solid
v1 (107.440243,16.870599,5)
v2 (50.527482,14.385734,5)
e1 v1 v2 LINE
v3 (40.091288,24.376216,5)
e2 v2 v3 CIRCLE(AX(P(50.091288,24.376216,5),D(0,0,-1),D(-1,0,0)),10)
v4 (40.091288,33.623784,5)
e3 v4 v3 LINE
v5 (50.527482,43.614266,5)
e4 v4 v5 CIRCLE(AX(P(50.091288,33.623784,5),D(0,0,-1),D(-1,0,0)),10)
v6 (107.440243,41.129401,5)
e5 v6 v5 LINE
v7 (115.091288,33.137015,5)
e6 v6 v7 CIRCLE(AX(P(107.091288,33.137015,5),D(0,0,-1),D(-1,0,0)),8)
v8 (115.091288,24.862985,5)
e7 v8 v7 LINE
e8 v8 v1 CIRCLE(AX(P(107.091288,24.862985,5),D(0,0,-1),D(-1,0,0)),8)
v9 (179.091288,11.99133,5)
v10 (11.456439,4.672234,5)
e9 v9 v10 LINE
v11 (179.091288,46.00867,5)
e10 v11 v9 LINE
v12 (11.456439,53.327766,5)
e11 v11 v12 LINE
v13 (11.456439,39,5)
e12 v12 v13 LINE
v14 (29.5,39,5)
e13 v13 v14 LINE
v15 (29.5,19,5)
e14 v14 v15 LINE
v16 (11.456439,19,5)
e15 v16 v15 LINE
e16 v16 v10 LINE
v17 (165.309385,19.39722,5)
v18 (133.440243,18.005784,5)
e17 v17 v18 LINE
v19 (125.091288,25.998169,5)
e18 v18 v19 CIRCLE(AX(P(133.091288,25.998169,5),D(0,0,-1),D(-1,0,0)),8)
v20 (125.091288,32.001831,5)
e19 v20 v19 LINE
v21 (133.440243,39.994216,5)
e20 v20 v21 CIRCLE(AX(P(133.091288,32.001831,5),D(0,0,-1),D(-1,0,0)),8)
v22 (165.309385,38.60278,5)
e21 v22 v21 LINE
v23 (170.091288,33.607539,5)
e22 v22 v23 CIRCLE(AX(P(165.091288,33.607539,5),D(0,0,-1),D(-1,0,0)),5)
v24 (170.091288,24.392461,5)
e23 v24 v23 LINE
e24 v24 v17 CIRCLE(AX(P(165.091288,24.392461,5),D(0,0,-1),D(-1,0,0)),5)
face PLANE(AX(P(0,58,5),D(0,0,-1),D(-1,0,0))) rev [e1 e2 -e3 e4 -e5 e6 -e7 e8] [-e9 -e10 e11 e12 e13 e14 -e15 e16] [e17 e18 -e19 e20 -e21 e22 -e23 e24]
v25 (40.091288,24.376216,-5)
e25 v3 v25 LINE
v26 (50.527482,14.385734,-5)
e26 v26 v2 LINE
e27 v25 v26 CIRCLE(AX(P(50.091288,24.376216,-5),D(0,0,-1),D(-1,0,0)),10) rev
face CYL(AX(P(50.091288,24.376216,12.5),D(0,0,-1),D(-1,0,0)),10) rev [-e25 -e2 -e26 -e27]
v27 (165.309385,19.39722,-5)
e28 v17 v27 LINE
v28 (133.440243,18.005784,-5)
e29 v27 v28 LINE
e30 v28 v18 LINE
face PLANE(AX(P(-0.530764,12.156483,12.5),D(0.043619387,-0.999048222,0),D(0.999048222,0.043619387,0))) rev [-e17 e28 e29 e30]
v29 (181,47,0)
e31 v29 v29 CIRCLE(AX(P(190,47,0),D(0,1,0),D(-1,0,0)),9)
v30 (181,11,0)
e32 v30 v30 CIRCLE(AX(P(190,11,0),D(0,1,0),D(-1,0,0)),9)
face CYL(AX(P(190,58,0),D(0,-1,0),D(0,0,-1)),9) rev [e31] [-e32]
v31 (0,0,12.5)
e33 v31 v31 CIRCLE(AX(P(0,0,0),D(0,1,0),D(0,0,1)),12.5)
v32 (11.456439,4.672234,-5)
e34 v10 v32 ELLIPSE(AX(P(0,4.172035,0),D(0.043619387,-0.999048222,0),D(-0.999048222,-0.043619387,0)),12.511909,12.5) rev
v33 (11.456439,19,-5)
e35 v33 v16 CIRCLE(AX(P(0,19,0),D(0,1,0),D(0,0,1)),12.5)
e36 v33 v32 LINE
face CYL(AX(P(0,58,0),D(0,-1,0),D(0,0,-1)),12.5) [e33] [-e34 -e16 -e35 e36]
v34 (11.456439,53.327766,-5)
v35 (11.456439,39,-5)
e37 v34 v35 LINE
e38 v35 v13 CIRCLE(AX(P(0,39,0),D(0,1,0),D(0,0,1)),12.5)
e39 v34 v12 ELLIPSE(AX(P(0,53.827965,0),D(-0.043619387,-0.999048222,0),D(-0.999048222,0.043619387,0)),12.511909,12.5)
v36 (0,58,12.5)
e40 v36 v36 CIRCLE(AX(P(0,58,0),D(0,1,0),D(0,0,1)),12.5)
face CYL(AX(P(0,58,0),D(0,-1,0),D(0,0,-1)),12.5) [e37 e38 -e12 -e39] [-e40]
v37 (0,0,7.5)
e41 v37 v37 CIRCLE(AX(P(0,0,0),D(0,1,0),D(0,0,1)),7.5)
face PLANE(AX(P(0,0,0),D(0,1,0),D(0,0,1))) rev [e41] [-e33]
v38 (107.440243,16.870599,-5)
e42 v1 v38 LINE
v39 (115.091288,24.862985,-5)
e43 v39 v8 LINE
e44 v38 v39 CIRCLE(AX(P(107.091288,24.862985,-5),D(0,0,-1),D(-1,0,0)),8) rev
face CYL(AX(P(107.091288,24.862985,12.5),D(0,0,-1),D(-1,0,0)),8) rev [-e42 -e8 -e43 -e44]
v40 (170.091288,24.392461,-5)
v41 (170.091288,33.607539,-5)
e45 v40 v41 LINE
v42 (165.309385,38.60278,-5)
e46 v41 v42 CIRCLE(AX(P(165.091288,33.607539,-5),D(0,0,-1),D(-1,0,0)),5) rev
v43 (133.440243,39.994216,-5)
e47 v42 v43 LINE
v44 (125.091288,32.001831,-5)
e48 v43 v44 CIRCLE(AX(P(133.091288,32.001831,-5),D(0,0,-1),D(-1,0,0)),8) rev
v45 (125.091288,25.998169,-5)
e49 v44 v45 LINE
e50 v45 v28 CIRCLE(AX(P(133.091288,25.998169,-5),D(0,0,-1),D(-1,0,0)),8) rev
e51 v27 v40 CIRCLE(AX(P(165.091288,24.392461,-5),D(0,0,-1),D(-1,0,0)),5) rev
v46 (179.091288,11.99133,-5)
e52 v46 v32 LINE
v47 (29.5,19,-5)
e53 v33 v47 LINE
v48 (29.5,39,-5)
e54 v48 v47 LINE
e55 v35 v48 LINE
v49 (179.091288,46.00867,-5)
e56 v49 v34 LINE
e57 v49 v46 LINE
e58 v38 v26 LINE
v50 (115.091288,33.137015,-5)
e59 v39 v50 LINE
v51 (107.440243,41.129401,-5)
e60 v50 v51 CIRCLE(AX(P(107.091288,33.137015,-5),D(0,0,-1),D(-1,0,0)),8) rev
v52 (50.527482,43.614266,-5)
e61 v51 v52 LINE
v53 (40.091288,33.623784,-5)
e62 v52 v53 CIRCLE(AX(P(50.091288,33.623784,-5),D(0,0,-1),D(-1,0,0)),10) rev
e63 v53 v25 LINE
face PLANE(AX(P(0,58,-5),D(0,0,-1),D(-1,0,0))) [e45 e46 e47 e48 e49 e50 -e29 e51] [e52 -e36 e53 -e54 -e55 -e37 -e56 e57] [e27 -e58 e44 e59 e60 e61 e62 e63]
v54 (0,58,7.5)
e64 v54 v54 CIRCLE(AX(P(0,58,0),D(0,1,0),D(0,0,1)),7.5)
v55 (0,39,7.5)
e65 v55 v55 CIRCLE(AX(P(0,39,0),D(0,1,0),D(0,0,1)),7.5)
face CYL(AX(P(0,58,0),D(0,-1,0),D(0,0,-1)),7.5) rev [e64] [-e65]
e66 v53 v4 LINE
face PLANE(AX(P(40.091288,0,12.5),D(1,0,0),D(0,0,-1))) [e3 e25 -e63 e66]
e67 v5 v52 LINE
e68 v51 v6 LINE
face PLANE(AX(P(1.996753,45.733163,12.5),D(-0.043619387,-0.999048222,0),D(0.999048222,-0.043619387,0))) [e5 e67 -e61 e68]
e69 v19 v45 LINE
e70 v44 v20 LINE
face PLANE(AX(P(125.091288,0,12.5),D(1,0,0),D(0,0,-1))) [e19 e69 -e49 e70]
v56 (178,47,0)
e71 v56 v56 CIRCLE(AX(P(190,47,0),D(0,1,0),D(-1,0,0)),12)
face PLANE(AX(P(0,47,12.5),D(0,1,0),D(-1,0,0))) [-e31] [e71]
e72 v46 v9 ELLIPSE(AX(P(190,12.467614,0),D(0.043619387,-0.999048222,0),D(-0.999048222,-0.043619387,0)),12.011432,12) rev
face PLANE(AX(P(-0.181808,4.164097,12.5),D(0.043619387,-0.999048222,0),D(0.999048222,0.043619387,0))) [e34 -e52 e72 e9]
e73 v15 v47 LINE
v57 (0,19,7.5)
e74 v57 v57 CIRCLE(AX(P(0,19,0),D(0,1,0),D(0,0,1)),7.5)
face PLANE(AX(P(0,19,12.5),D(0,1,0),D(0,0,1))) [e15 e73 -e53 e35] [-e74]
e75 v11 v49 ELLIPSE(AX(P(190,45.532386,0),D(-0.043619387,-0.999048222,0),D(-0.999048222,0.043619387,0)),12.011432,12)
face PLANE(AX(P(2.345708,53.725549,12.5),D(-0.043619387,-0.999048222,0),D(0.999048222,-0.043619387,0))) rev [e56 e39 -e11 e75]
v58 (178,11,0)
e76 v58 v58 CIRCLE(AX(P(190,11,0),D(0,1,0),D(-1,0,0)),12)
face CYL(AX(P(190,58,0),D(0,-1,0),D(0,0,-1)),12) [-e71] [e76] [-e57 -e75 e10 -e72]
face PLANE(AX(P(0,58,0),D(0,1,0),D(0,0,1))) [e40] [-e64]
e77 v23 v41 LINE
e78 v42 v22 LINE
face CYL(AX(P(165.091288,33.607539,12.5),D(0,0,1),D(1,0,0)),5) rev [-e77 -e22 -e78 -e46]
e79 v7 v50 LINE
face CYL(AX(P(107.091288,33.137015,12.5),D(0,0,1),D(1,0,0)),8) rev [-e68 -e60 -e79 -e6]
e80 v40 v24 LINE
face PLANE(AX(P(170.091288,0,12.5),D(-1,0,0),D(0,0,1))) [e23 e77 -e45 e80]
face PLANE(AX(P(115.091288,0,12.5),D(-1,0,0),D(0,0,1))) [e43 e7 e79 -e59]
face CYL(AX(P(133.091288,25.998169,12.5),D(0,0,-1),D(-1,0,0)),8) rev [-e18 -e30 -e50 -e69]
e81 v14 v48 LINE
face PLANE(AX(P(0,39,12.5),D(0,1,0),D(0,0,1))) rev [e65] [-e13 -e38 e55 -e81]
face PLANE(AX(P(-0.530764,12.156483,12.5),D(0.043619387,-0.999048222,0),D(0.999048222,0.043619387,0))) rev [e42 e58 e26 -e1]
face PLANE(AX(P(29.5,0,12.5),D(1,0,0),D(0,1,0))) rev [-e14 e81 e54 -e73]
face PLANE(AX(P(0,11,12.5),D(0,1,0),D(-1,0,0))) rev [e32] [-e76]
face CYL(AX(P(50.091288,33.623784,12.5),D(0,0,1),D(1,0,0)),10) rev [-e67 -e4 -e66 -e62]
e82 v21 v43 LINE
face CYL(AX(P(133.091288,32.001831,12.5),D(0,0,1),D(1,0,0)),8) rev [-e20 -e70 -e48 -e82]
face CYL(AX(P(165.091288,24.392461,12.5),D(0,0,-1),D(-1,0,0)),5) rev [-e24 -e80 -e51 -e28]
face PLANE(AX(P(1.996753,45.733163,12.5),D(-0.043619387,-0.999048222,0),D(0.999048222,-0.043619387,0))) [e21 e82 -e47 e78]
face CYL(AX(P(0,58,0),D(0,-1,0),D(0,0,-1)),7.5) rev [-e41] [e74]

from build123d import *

# Parameters (mm, degrees)
SKETCH1_R               = 12.5
SKETCH1_R_2             = 7.5
SKETCH1_R_3             = 12
SKETCH1_R_4             = 9
SKETCH1_W               = 167.634848648
SKETCH1_H               = 10
BOSS_EXTRUDE1_DEPTH     = 58
SKETCH2_W               = 22.908712115
SKETCH2_H               = 11
SKETCH2_W_2             = 18.043560763
SKETCH2_H_2             = 20
SKETCH2_W_3             = 23.956439237
CUT_EXTRUDE1_DEPTH      = 8.5
CUT_EXTRUDE1_DEPTH_BACK = 18.5
BOSS_EXTRUDE2_START     = -0.99133
BOSS_EXTRUDE2_DEPTH     = 0.99133
BOSS_EXTRUDE3_START     = -4.717797
BOSS_EXTRUDE3_DEPTH     = 4.717797
FILLET1_R               = 5
FILLET2_R               = 8
FILLET3_R               = 10


with BuildPart() as part:
    # Sketch1 → Boss-Extrude1 (new body)
    with BuildSketch(Plane(origin=(0, 0, 0), x_dir=(1, 0, 0), z_dir=(0, 1, 0))):
        Circle(SKETCH1_R)
        Circle(SKETCH1_R_2, mode=Mode.SUBTRACT)
        with Locations((190, 0)):
            Circle(SKETCH1_R_3)
        with Locations((190, 0)):
            Circle(SKETCH1_R_4, mode=Mode.SUBTRACT)
        with Locations((95.273863561, 0)):
            Rectangle(SKETCH1_W, SKETCH1_H)
    extrude(amount=BOSS_EXTRUDE1_DEPTH)

    # Sketch2 → Cut-Extrude1 (cut, two sides)
    with BuildSketch(Plane(origin=(0, 0, -5), x_dir=(-1, 0, 0), z_dir=(0, 0, -1))) as cut_extrude1_sk:
        with Locations((-190.545643943, 52.5)):
            Rectangle(SKETCH2_W, SKETCH2_H)
        Polygon((-179.091287885, 47), (-179.091287885, 46.00867027), (-11.456439237, 53.327765826), (-11.456439237, 58), (-179.091287885, 58), align=None)
        with Locations((-190.545643943, 5.5)):
            Rectangle(SKETCH2_W, SKETCH2_H)
        Polygon((-179.091287885, 11.99132973), (-179.091287885, 11), (-179.091287885, 0), (-11.456439237, 0), (-11.456439237, 4.672234174), align=None)
        Polygon((-170.091287885, 19.606002726), (-170.091287885, 38.393997274), (-125.091287885, 40.358739705), (-125.091287885, 17.641260295), align=None)
        Polygon((-115.091287885, 17.204650866), (-115.091287885, 40.795349134), (-40.091287885, 44.069919853), (-40.091287885, 13.930080147), align=None)
        with Locations((-20.478219619, 29)):
            Rectangle(SKETCH2_W_2, SKETCH2_H_2)
        with Locations((0.521780381, 29)):
            Rectangle(SKETCH2_W_3, SKETCH2_H_2)
    extrude(amount=CUT_EXTRUDE1_DEPTH, mode=Mode.SUBTRACT)
    extrude(cut_extrude1_sk.sketch, amount=-CUT_EXTRUDE1_DEPTH_BACK, mode=Mode.SUBTRACT)

    # Sketch3 → Boss-Extrude2 (add)
    with BuildSketch(Plane.XZ.offset(-11).offset(BOSS_EXTRUDE2_START)):
        with BuildLine():
            Line((179.091287885, -5), (179.091287885, 5))
            ThreePointArc((179.091287885, 5), (178, 0), (179.091287885, -5))
        make_face()
    boss_extrude2 = extrude(amount=BOSS_EXTRUDE2_DEPTH)

    # Sketch4 → Boss-Extrude3 (add)
    with BuildSketch(Plane.XZ.offset(BOSS_EXTRUDE3_START)):
        with BuildLine():
            Line((11.456439237, 5), (11.456439237, -5))
            ThreePointArc((11.456439237, -5), (12.236328912, -2.553870546), (12.5, 0))
            ThreePointArc((12.5, 0), (12.236328912, 2.553870546), (11.456439237, 5))
        make_face()
    boss_extrude3 = extrude(amount=BOSS_EXTRUDE3_DEPTH)

    # Mirror1: Boss-Extrude2, Boss-Extrude3 across plane
    add(boss_extrude2.mirror(Plane(origin=(0, 29, 0), x_dir=(0, 0, 1), z_dir=(0, -1, 0))))
    add(boss_extrude3.mirror(Plane(origin=(0, 29, 0), x_dir=(0, 0, 1), z_dir=(0, -1, 0))))

    # Fillet1
    fillet1_edges = [part.edges().sort_by_distance(p)[0] for p in [
        (170.091287885, 19.606002726, 0),
        (170.091287885, 38.393997274, 0),
    ]]
    fillet(fillet1_edges, radius=FILLET1_R)

    # Fillet2
    fillet2_edges = [part.edges().sort_by_distance(p)[0] for p in [
        (115.091287885, 17.204650866, 0),
        (115.091287885, 40.795349134, 0),
        (125.091287885, 40.358739705, 0),
        (125.091287885, 17.641260295, 0),
    ]]
    fillet(fillet2_edges, radius=FILLET2_R)

    # Fillet3
    fillet3_edges = [part.edges().sort_by_distance(p)[0] for p in [
        (40.091287885, 44.069919853, 0),
        (40.091287885, 13.930080147, 0),
    ]]
    fillet(fillet3_edges, radius=FILLET3_R)


solid = part.part
